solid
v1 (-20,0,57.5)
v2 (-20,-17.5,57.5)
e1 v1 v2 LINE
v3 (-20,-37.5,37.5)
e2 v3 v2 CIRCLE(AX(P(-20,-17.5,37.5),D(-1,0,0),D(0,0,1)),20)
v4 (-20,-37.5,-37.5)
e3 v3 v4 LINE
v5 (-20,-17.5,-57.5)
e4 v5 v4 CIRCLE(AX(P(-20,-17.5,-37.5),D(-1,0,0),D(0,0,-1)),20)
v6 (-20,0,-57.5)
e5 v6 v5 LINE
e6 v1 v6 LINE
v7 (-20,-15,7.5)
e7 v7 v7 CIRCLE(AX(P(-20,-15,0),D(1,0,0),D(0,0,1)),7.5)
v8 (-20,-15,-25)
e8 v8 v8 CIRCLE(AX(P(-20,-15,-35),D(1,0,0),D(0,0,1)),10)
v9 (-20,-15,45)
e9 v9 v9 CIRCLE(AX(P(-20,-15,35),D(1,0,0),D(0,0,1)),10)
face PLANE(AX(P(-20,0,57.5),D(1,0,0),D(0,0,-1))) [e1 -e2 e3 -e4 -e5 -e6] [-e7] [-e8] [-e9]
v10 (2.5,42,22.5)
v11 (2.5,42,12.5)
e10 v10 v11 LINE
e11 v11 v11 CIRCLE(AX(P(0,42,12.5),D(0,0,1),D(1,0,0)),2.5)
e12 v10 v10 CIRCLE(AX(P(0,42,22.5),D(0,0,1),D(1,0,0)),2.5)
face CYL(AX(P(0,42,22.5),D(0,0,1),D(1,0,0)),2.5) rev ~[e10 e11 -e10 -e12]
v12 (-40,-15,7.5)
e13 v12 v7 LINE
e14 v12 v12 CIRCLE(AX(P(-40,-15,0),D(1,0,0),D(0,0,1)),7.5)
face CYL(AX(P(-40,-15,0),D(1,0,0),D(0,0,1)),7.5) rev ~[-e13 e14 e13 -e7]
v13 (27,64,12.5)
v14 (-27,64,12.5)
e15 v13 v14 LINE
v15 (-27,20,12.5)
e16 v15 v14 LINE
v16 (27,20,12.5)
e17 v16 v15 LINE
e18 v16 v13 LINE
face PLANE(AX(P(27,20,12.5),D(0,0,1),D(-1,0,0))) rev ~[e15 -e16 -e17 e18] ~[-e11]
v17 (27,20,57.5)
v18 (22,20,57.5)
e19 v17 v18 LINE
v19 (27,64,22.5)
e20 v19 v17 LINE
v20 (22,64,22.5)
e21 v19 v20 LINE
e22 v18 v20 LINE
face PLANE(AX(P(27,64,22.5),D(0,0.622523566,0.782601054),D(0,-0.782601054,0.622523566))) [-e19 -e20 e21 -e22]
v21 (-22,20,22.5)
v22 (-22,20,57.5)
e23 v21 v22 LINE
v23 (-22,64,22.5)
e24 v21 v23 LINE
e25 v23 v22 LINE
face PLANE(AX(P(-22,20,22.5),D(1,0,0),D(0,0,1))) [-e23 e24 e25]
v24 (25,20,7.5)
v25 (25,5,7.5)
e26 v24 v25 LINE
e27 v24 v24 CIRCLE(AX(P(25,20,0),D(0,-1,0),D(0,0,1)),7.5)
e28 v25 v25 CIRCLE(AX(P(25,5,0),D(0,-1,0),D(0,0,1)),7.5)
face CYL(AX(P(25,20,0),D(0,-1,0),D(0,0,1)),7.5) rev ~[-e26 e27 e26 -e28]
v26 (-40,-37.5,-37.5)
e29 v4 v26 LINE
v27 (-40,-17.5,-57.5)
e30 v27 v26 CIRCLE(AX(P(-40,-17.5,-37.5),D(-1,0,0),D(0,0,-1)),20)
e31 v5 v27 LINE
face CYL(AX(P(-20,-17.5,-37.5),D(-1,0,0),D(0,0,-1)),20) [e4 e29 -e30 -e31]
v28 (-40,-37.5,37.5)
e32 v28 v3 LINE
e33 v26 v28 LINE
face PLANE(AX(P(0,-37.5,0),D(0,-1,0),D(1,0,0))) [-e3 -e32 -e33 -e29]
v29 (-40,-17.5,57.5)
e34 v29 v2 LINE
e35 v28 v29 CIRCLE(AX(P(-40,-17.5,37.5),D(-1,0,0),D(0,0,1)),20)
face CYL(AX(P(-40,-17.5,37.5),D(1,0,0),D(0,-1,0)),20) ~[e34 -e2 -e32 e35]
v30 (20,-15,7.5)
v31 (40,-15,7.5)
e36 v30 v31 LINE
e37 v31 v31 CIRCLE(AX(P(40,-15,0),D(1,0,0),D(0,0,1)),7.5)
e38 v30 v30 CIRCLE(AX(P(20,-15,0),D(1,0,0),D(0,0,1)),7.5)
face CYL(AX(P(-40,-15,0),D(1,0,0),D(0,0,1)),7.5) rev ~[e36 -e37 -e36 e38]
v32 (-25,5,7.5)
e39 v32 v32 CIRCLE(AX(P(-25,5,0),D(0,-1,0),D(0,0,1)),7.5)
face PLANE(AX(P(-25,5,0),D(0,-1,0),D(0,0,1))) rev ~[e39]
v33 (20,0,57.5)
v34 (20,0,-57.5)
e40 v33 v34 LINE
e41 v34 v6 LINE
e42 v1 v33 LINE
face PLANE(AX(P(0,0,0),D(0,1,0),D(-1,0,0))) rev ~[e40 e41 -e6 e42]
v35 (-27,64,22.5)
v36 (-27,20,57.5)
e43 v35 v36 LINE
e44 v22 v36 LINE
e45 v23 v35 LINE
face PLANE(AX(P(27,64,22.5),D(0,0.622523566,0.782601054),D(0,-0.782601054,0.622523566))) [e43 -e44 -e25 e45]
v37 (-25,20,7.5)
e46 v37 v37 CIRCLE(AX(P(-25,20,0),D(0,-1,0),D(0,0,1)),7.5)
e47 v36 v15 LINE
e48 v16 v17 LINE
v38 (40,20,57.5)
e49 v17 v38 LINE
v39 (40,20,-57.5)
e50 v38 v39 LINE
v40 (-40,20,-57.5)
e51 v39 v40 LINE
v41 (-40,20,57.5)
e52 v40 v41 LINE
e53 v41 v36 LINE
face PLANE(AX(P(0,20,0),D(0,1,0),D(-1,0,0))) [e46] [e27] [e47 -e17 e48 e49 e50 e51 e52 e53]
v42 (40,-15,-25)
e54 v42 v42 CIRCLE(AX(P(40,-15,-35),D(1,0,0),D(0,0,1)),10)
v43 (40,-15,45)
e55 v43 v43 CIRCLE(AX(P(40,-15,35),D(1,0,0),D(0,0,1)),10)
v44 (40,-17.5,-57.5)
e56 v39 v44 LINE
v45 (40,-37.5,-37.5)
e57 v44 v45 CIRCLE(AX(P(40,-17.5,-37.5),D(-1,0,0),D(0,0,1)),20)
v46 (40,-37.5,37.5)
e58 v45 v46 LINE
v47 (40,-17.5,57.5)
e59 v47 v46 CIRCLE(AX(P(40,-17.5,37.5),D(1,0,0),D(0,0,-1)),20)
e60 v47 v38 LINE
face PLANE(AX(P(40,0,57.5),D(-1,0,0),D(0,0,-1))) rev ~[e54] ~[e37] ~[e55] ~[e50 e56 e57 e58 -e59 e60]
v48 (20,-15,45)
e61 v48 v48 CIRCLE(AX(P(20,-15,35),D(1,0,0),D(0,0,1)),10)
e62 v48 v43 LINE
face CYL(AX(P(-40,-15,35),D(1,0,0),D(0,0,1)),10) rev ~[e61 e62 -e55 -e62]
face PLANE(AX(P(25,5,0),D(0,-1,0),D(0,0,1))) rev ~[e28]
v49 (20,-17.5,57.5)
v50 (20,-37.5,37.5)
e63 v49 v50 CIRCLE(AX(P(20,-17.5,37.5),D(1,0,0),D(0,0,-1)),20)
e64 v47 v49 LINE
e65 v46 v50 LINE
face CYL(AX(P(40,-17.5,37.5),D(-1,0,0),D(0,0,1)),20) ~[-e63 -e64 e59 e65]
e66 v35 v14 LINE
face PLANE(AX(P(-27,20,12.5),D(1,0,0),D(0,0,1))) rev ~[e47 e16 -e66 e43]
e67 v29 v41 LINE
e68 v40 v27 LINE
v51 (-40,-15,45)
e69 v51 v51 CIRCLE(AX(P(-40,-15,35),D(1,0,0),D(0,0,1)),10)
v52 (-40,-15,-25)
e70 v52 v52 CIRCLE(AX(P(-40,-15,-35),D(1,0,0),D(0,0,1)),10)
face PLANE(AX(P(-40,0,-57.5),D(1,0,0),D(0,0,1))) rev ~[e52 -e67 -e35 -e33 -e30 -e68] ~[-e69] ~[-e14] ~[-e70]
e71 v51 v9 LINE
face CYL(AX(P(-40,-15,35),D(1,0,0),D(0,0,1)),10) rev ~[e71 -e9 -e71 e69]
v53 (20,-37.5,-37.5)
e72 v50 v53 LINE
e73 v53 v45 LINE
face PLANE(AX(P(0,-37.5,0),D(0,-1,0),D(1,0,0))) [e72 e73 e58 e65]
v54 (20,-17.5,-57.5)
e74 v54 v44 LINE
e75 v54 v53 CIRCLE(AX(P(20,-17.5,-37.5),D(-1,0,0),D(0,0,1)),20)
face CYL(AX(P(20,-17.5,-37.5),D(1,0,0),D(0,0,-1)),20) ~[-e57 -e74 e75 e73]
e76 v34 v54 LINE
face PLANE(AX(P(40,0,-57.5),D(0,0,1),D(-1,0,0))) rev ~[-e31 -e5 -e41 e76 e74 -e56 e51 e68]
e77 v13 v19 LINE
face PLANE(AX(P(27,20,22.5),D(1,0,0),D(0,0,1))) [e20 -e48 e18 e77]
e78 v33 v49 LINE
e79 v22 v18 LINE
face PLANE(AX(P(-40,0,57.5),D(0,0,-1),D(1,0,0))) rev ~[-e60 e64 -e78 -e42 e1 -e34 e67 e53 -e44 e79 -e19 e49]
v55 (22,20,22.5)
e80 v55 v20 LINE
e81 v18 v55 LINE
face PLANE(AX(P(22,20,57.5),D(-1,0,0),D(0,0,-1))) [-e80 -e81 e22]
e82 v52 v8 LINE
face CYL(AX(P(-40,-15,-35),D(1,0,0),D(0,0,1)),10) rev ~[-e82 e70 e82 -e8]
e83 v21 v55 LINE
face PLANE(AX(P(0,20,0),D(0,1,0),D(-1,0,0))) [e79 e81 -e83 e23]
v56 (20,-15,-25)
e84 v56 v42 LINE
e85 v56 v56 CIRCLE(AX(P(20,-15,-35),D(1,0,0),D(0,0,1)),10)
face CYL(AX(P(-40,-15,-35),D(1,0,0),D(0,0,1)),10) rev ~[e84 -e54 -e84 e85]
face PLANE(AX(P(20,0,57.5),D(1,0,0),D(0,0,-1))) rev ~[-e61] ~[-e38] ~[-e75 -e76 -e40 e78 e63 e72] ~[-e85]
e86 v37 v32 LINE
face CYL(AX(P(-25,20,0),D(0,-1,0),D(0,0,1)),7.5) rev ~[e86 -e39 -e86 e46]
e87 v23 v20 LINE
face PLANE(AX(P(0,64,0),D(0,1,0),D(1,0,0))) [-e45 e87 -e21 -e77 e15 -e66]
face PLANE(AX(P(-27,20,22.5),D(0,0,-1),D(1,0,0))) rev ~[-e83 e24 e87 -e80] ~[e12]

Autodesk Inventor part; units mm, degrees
ref_plane "YZ Plane" through (0, 0, 0) normal (1, 0, 0) x (0, 1, 0)
ref_plane "XZ Plane" through (0, 0, 0) normal (0, 1, 0) x (-1, 0, 0)
ref_plane "XY Plane" through (0, 0, 0) normal (0, 0, 1) x (1, 0, 0)
sketch "Sketch1" plane through (0, 0, 0) normal (0, 1, 0) x (-1, 0, 0)
  line L0 (40, 57.5) -> (-40, 57.5)
  line L1 (-40, 57.5) -> (-40, -57.5)
  line L2 (-40, -57.5) -> (40, -57.5)
  line L3 (40, -57.5) -> (40, 57.5)
  point P0 (0, 0)
  point P1 (40, 0)
  point P2 (0, 57.5)
  dimension "d0" = 115
  dimension "d1" = 80
extrude "Extrusion1" add sketch "Sketch1" along normal blind 20
sketch "Sketch12" plane through (0, 0, 0) normal (0, -1, 0) x (1, 0, 0)
  line L0 (-40, 57.5) -> (-20, 57.5)
  line L1 (-20, 57.5) -> (-20, -57.5)
  line L2 (-20, -57.5) -> (-40, -57.5)
  line L3 (-40, -57.5) -> (-40, 57.5)
  line L4 (-40, -57.5) -> (-40, 57.5) projected
  line L5 (0, 100.8809) -> (0, -116.5773) construction
  line L6 (40, 57.5) -> (20, 57.5)
  line L7 (20, 57.5) -> (20, -57.5)
  line L8 (20, -57.5) -> (40, -57.5)
  line L9 (40, -57.5) -> (40, 57.5)
  point P0 (0, 0)
  point P1 (-40, 0)
  point P2 (0, 0)
  point P3 (-20, 0)
  dimension "d56" = 20
  dimension "d57" = 115
extrude "Extrusion11" add sketch "Sketch12" along normal blind 37.5
sketch "Sketch13" plane through (-40, 0, 57.5) normal (-1, 0, 0) x (0, 0, 1)
  line L0 (0, 0) -> (-115, 0) projected
  point P0 (-57.5, 0)
  point P1 (-22.5, -15)
  point P2 (-92.5, -15)
  point P3 (-57.5, -15)
  point P4 (-57.5, 0)
  dimension "d129" = 35
  dimension "d130" = 35
  dimension "d131" = 15
hole "Hole2" at (-40, -15, 35) at (-40, -15, -35) direction (1, 0, 0) diameter 20 end through all
hole "Hole3" at (-40, -15, 0) direction (1, 0, 0) diameter 15 end through all
sketch "Sketch19" plane through (0, 20, 0) normal (0, 1, 0) x (1, 0, 0)
  point P0 (0, 0)
  point P1 (25, 0)
  point P2 (-25, 0)
  dimension "d111" = 25
  dimension "d112" = 25
hole "Hole6" at (25, 20, 0) at (-25, 20, 0) direction (0, -1, 0) diameter 15 depth 15
fillet "Fillet19" radius 20 4 edges at (-30, -37.5, -57.5) (30, -37.5, -57.5) (30, -37.5, 57.5) (-30, -37.5, 57.5)
sketch "Sketch20" plane through (0, 20, 0) normal (0, 1, 0) x (1, 0, 0)
  line L0 (-27, -22.5) -> (27, -22.5)
  line L1 (27, -22.5) -> (27, -12.5)
  line L2 (27, -12.5) -> (-27, -12.5)
  line L3 (-27, -12.5) -> (-27, -22.5)
  line L4 (-40, 57.5) -> (-40, -57.5) projected
  line L5 (40, -57.5) -> (40, 57.5) projected
  line L6 (-40, -57.5) -> (40, -57.5) projected
  point P0 (0, 0)
  point P1 (0, -12.5)
  dimension "d56" = 20
  dimension "d122" = 10
  dimension "d151" = 45
  dimension "d152" = 54
extrude "Extrusion15" add sketch "Sketch20" along normal blind 44
sketch "Sketch21" plane through (-40, 20, 22.5) normal (0, 0, 1) x (1, 0, 0)
  circle A0 centre (40, 22) radius 2.5
  line L0 (20, -20) -> (60, -20) projected
  line L1 (13, 44) -> (67, 44) projected
  point P0 (40, -20)
  point P1 (40, -20)
  point P2 (0, -20)
  point P3 (80, -20)
  point P4 (24.5, 37.5)
  point P5 (24.5, 6.5)
  point P6 (55.5, 6.5)
  point P7 (55.5, 37.5)
  dimension "d128" = 5
  dimension "d132" = 22
  dimension "d138" = 360
extrude "Extrusion16" cut sketch "Sketch21" against normal blind 50
sketch "Sketch24" plane through (0, 20, 0) normal (0, 1, 0) x (1, 0, 0)
  line L0 (-27, -22.5) -> (-22, -22.5)
  line L1 (-22, -22.5) -> (-22, -57.5)
  line L2 (-22, -57.5) -> (-27, -57.5)
  line L3 (-27, -57.5) -> (-27, -22.5)
  line L4 (-27, -22.5) -> (-27, -12.5) projected
  line L5 (27, -22.5) -> (-27, -22.5) projected
  line L6 (-40, -57.5) -> (40, -57.5) projected
  line L7 (22, -22.5) -> (27, -22.5)
  line L8 (27, -22.5) -> (27, -57.5)
  line L9 (27, -57.5) -> (22, -57.5)
  line L10 (22, -57.5) -> (22, -22.5)
  line L11 (27, -12.5) -> (27, -22.5) projected
  point P0 (0, 0)
  dimension "d155" = 5
  dimension "d156" = 5
extrude "Extrusion18" add sketch "Sketch24" along normal blind 44 contours L0 L1 L2 L3 | L5 L8 L6 L10
sketch "Sketch25" plane through (27, 20, 57.5) normal (1, 0, 0) x (0, 0, -1)
  line L0 (35, 44) -> (0, 0)
  line L1 (0, 44) -> (35, 44)
  line L2 (0, 44) -> (0, 0)
  line L3 (45, 0) -> (45, 44) projected
  point P0 (57.5, -20)
  dimension "d161" = 10
extrude "Extrusion19" cut sketch "Sketch25" against normal blind 100
properties part number "Y_Slider_Part_mit_Schrittmotor"
